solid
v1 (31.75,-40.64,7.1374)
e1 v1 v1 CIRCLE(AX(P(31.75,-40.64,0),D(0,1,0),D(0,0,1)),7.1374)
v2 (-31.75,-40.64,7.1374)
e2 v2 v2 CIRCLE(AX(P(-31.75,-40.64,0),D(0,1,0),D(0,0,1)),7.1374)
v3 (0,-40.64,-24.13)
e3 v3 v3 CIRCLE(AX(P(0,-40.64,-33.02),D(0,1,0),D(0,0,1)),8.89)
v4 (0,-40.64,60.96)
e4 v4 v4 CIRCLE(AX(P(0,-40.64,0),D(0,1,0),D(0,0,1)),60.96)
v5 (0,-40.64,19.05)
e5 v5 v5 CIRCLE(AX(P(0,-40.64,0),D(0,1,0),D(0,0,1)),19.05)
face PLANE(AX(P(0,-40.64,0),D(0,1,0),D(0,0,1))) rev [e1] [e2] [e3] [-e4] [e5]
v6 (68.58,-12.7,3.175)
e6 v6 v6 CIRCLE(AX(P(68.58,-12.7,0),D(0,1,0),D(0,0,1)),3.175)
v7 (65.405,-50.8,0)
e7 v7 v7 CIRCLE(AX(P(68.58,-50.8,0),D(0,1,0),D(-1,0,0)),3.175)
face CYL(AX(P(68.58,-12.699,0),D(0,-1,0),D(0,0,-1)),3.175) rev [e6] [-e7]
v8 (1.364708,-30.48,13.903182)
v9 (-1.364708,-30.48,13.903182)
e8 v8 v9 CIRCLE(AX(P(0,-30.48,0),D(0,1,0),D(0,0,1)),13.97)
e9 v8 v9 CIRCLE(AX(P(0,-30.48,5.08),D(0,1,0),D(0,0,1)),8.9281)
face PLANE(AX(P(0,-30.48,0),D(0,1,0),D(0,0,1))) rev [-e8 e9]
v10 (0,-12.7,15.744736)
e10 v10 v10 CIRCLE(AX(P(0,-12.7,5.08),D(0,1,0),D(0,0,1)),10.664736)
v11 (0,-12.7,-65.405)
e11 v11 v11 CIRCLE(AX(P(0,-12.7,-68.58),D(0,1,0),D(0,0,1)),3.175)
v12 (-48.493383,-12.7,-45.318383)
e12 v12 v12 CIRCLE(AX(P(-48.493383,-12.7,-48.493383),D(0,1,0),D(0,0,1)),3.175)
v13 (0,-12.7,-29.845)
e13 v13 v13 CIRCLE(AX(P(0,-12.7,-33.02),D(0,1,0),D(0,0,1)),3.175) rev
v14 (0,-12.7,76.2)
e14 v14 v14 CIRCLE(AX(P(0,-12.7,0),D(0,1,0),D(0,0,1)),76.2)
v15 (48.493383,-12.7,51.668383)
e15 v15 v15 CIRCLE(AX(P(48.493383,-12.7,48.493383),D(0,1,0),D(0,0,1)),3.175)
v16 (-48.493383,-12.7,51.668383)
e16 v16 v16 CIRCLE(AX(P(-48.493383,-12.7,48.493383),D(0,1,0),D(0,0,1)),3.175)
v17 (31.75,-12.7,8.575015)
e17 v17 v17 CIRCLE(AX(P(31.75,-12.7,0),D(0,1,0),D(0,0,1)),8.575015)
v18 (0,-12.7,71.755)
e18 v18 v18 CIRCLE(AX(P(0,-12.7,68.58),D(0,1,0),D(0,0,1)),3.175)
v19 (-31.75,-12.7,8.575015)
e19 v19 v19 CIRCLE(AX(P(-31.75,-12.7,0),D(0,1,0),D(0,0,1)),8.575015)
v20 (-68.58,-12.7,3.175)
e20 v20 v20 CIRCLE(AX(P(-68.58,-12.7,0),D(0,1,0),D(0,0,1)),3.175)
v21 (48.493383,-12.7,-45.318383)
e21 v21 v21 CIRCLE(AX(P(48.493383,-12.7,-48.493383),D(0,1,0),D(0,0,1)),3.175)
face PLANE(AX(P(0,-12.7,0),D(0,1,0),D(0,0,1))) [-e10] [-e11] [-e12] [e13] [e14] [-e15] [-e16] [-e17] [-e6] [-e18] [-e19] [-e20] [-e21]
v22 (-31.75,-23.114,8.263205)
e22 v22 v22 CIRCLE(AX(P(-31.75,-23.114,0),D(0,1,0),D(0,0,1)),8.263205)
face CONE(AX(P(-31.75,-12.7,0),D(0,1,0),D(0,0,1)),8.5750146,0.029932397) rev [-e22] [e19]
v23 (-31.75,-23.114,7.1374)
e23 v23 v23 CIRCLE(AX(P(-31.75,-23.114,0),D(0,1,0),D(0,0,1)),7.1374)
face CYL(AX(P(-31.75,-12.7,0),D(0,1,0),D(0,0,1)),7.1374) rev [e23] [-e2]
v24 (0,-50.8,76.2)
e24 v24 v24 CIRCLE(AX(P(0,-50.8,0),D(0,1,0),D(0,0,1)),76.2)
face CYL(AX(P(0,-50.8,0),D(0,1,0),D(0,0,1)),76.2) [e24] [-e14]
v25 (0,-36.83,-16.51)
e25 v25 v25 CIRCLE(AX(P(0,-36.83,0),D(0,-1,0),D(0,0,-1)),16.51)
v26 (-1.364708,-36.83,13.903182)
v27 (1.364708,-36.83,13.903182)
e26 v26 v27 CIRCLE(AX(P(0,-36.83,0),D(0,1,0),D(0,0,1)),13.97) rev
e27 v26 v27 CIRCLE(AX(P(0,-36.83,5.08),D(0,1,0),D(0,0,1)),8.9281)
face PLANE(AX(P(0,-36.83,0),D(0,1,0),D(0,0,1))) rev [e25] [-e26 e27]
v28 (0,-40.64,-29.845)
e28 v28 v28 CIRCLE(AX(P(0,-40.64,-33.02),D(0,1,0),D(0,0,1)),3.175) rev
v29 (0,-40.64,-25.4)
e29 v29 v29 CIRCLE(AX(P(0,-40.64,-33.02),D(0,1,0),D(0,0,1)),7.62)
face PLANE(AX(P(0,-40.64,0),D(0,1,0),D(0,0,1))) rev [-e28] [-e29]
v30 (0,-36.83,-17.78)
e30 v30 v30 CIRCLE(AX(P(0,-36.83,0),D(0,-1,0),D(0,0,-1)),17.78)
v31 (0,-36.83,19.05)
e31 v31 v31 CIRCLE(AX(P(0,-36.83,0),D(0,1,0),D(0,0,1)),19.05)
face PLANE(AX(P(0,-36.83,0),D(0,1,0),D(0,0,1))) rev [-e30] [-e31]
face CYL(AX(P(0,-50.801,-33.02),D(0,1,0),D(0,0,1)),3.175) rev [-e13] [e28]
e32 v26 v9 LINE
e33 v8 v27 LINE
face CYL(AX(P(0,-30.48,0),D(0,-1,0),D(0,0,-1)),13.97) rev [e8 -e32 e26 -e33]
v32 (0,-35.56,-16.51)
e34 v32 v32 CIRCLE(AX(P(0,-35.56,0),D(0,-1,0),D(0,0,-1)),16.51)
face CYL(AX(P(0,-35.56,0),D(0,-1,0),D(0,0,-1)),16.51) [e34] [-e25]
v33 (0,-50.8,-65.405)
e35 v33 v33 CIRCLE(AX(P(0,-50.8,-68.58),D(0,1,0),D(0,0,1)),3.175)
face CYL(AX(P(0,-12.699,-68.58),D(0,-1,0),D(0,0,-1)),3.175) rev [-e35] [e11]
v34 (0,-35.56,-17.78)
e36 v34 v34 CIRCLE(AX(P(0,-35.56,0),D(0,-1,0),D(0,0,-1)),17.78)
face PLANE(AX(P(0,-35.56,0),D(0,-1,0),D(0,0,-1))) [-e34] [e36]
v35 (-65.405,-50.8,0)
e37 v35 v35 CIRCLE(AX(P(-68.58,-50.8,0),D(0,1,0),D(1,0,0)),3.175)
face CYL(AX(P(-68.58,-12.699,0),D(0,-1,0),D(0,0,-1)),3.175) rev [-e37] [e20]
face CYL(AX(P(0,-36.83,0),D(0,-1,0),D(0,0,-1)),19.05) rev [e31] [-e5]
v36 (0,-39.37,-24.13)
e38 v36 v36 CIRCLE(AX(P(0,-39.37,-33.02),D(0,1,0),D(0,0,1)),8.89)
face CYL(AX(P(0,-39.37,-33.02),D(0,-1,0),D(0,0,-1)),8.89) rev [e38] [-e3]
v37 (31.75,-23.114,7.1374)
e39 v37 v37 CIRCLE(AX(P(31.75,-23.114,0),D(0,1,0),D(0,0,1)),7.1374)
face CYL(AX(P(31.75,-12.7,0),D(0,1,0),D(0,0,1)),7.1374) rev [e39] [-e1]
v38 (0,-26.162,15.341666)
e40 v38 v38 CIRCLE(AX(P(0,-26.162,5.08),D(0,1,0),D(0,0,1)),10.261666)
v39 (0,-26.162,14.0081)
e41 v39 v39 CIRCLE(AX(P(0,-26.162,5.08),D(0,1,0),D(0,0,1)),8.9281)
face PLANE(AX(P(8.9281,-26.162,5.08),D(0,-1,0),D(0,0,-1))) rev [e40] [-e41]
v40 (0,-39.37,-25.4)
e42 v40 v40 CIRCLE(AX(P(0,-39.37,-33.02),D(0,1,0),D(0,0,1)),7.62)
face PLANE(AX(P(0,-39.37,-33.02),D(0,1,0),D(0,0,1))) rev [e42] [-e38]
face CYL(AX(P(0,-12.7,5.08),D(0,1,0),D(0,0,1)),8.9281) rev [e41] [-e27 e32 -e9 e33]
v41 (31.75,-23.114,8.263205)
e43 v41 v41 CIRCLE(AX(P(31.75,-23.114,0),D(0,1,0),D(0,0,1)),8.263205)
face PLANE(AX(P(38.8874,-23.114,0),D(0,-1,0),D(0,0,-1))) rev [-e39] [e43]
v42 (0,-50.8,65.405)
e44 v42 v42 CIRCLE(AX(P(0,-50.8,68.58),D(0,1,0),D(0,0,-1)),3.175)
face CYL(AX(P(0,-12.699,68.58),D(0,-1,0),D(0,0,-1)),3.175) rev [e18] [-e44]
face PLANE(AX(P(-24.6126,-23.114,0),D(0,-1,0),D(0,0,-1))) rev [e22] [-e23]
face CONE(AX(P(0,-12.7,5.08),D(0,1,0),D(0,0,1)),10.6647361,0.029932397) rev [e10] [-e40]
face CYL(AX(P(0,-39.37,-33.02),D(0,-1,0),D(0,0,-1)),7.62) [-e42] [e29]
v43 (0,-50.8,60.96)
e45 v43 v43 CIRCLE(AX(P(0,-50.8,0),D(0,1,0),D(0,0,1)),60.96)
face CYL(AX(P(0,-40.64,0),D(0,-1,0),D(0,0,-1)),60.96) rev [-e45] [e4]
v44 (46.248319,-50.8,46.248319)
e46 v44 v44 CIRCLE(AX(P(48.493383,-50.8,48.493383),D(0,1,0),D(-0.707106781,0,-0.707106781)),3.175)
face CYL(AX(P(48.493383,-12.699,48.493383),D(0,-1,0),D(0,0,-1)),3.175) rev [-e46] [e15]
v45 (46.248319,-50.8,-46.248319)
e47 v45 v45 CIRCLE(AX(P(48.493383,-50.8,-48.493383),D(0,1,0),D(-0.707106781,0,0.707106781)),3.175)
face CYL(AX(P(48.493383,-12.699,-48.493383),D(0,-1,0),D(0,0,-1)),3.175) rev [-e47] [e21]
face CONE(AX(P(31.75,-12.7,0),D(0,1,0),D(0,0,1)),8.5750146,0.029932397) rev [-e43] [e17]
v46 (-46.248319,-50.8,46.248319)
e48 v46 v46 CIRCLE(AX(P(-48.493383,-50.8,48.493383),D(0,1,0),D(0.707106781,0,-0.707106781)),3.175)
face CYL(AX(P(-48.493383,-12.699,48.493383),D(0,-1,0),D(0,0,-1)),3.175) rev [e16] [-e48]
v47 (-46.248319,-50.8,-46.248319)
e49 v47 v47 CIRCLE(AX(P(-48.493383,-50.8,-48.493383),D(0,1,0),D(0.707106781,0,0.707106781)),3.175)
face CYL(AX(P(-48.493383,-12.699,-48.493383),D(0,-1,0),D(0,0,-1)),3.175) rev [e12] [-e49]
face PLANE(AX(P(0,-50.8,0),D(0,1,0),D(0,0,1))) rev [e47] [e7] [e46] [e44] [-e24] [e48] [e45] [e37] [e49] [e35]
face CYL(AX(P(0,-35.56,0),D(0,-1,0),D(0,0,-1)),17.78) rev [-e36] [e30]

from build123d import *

# Parameters (mm, degrees)
SKETCH1_R                                      = 76.2
BILLET_DEPTH                                   = 50.8
SKETCH3_R                                      = 19.05
LOX_PLATE_DEPTH                                = 13.97
SKETCH5_R                                      = 13.97
LOX_DOME_DEPTH                                 = 20.32
SKETCH7_R                                      = 76.2
TOP_MILL_DEPTH                                 = 12.7
F_1_4_BOLT_HOLE_REACH                          = 116.3
SKETCH11_R                                     = 3.175
BOLT_PATTERN_COUNT                             = 8
SKETCH12_R                                     = 60.96
KEROSENE_PLATE_DEPTH                           = 10.16
KEROSENE_INLET_3_8_NPT_TAPPED_HOLE1_AT_2_COUNT = 2
KEROSENE_INLET_3_8_NPT_TAPPED_HOLE1_AT_2_PITCH = 63.5
MANIFOLD_HOLE_REACH                            = 121.137
SKETCH14_R                                     = 3.175
SKETCH15_R                                     = 8.89
SKETCH15_R_2                                   = 7.62
MANIFOLD_SEAL_DEPTH                            = 1.27
SKETCH26_R                                     = 17.78
SKETCH26_R_2                                   = 16.51
LOX_PLATE_O_RING_DEPTH                         = 1.27


with BuildPart() as part:
    # Sketch1 → Billet (new body)
    with BuildSketch(Plane(origin=(0, 0, 0), x_dir=(1, 0, 0), z_dir=(0, 1, 0))):
        Circle(SKETCH1_R)
    extrude(amount=-BILLET_DEPTH)

    # Sketch3 → Lox Plate (cut)
    with BuildSketch(Plane(origin=(0, -50.8, 0), x_dir=(1, 0, 0), z_dir=(0, 1, 0))):
        Circle(SKETCH3_R)
    extrude(amount=LOX_PLATE_DEPTH, mode=Mode.SUBTRACT)

    # Sketch5 → Lox Dome (cut)
    with BuildSketch(Plane(origin=(0, -50.8, 0), x_dir=(1, 0, 0), z_dir=(0, 1, 0))):
        Circle(SKETCH5_R)
    extrude(amount=LOX_DOME_DEPTH, mode=Mode.SUBTRACT)

    # Sketch7 → Top Mill (cut)
    with BuildSketch(Plane(origin=(0, 0, 0), x_dir=(1, 0, 0), z_dir=(0, 1, 0))):
        Circle(SKETCH7_R)
    extrude(amount=-TOP_MILL_DEPTH, mode=Mode.SUBTRACT)

    # Sketch11 → 1/4" Bolt Hole (cut, up to next)
    with BuildSketch(Plane(origin=(0, -50.8, 0), x_dir=(1, 0, 0), z_dir=(0, 1, 0)), mode=Mode.PRIVATE) as f_1_4_bolt_hole_sk1:
        with Locations((0, 68.58)):
            Circle(SKETCH11_R)
    f_1_4_bolt_hole_tool1 = extrude(f_1_4_bolt_hole_sk1.sketch, amount=F_1_4_BOLT_HOLE_REACH, mode=Mode.PRIVATE) & part.part
    f_1_4_bolt_hole = f_1_4_bolt_hole_tool1.solids().sort_by_distance((0, -50.8, -68.58))[0]
    add(f_1_4_bolt_hole, mode=Mode.SUBTRACT)

    # Bolt Pattern: 1/4" Bolt Hole ×8 about axis
    bolt_pattern_axis = Axis((0, 53.34, 0), (0, -1, 0))
    for i in range(1, BOLT_PATTERN_COUNT):
        add(f_1_4_bolt_hole.rotate(bolt_pattern_axis, i * 360 / BOLT_PATTERN_COUNT), mode=Mode.SUBTRACT)

    # Sketch12 → Kerosene Plate (cut)
    with BuildSketch(Plane(origin=(0, -50.8, 0), x_dir=(1, 0, 0), z_dir=(0, 1, 0))):
        Circle(SKETCH12_R)
    extrude(amount=KEROSENE_PLATE_DEPTH, mode=Mode.SUBTRACT)

    # Sketch21 → Lox Inlet-1/2 NPT Tapped Hole3 (revolve, cut)
    with BuildSketch(Plane(origin=(0, -12.7, 5.08), x_dir=(0, 0, 1), z_dir=(1, 0, 0))):
        Polygon((0, 0), (0, 38.1), (8.9281, 38.1), (8.9281, 13.462), (10.261665792, 13.462), (10.6647361, 0), align=None)
    revolve(axis=Axis((0, -6.35, 5.08), (0, -1, 0)), mode=Mode.SUBTRACT)

    # Sketch25 → Kerosene Inlet-3/8 NPT Tapped Hole1 (revolve, cut)
    with BuildSketch(Plane(origin=(-31.75, -12.7, 0), x_dir=(0, 0, 1), z_dir=(1, 0, 0))):
        Polygon((0, 0), (0, 38.1), (7.1374, 38.1), (7.1374, 10.414), (8.263205494, 10.414), (8.5750146, 0), align=None)
    kerosene_inlet_3_8_npt_tapped_hole1 = revolve(axis=Axis((-31.75, -6.35, 0), (0, -1, 0)), mode=Mode.SUBTRACT)

    # Kerosene Inlet-3/8 NPT Tapped Hole1 at 2: Kerosene Inlet-3/8 NPT Tapped Hole1 ×2
    with Locations(*[(i * KEROSENE_INLET_3_8_NPT_TAPPED_HOLE1_AT_2_PITCH, 0, 0) for i in range(1, KEROSENE_INLET_3_8_NPT_TAPPED_HOLE1_AT_2_COUNT)]):
        add(kerosene_inlet_3_8_npt_tapped_hole1, mode=Mode.SUBTRACT)

    # Sketch14 → Manifold hole (cut, up to next)
    with BuildSketch(Plane(origin=(0, 0, 0), x_dir=(1, 0, 0), z_dir=(0, 1, 0)), mode=Mode.PRIVATE) as manifold_hole_sk1:
        with Locations((0, 33.02)):
            Circle(SKETCH14_R)
    manifold_hole_tool1 = extrude(manifold_hole_sk1.sketch, amount=-MANIFOLD_HOLE_REACH, mode=Mode.PRIVATE) & part.part
    add(manifold_hole_tool1.solids().sort_by_distance((0, 0, -33.02))[0], mode=Mode.SUBTRACT)

    # Sketch15 → Manifold seal (cut)
    with BuildSketch(Plane(origin=(0, -40.64, 0), x_dir=(1, 0, 0), z_dir=(0, 1, 0))):
        with Locations((0, 33.02)):
            Circle(SKETCH15_R)
        with Locations((0, 33.02)):
            Circle(SKETCH15_R_2, mode=Mode.SUBTRACT)
    extrude(amount=MANIFOLD_SEAL_DEPTH, mode=Mode.SUBTRACT)

    # Sketch26 → Lox Plate O Ring (cut)
    with BuildSketch(Plane.XZ.offset(36.83)):
        Circle(SKETCH26_R)
        Circle(SKETCH26_R_2, mode=Mode.SUBTRACT)
    extrude(amount=-LOX_PLATE_O_RING_DEPTH, mode=Mode.SUBTRACT)


solid = part.part
